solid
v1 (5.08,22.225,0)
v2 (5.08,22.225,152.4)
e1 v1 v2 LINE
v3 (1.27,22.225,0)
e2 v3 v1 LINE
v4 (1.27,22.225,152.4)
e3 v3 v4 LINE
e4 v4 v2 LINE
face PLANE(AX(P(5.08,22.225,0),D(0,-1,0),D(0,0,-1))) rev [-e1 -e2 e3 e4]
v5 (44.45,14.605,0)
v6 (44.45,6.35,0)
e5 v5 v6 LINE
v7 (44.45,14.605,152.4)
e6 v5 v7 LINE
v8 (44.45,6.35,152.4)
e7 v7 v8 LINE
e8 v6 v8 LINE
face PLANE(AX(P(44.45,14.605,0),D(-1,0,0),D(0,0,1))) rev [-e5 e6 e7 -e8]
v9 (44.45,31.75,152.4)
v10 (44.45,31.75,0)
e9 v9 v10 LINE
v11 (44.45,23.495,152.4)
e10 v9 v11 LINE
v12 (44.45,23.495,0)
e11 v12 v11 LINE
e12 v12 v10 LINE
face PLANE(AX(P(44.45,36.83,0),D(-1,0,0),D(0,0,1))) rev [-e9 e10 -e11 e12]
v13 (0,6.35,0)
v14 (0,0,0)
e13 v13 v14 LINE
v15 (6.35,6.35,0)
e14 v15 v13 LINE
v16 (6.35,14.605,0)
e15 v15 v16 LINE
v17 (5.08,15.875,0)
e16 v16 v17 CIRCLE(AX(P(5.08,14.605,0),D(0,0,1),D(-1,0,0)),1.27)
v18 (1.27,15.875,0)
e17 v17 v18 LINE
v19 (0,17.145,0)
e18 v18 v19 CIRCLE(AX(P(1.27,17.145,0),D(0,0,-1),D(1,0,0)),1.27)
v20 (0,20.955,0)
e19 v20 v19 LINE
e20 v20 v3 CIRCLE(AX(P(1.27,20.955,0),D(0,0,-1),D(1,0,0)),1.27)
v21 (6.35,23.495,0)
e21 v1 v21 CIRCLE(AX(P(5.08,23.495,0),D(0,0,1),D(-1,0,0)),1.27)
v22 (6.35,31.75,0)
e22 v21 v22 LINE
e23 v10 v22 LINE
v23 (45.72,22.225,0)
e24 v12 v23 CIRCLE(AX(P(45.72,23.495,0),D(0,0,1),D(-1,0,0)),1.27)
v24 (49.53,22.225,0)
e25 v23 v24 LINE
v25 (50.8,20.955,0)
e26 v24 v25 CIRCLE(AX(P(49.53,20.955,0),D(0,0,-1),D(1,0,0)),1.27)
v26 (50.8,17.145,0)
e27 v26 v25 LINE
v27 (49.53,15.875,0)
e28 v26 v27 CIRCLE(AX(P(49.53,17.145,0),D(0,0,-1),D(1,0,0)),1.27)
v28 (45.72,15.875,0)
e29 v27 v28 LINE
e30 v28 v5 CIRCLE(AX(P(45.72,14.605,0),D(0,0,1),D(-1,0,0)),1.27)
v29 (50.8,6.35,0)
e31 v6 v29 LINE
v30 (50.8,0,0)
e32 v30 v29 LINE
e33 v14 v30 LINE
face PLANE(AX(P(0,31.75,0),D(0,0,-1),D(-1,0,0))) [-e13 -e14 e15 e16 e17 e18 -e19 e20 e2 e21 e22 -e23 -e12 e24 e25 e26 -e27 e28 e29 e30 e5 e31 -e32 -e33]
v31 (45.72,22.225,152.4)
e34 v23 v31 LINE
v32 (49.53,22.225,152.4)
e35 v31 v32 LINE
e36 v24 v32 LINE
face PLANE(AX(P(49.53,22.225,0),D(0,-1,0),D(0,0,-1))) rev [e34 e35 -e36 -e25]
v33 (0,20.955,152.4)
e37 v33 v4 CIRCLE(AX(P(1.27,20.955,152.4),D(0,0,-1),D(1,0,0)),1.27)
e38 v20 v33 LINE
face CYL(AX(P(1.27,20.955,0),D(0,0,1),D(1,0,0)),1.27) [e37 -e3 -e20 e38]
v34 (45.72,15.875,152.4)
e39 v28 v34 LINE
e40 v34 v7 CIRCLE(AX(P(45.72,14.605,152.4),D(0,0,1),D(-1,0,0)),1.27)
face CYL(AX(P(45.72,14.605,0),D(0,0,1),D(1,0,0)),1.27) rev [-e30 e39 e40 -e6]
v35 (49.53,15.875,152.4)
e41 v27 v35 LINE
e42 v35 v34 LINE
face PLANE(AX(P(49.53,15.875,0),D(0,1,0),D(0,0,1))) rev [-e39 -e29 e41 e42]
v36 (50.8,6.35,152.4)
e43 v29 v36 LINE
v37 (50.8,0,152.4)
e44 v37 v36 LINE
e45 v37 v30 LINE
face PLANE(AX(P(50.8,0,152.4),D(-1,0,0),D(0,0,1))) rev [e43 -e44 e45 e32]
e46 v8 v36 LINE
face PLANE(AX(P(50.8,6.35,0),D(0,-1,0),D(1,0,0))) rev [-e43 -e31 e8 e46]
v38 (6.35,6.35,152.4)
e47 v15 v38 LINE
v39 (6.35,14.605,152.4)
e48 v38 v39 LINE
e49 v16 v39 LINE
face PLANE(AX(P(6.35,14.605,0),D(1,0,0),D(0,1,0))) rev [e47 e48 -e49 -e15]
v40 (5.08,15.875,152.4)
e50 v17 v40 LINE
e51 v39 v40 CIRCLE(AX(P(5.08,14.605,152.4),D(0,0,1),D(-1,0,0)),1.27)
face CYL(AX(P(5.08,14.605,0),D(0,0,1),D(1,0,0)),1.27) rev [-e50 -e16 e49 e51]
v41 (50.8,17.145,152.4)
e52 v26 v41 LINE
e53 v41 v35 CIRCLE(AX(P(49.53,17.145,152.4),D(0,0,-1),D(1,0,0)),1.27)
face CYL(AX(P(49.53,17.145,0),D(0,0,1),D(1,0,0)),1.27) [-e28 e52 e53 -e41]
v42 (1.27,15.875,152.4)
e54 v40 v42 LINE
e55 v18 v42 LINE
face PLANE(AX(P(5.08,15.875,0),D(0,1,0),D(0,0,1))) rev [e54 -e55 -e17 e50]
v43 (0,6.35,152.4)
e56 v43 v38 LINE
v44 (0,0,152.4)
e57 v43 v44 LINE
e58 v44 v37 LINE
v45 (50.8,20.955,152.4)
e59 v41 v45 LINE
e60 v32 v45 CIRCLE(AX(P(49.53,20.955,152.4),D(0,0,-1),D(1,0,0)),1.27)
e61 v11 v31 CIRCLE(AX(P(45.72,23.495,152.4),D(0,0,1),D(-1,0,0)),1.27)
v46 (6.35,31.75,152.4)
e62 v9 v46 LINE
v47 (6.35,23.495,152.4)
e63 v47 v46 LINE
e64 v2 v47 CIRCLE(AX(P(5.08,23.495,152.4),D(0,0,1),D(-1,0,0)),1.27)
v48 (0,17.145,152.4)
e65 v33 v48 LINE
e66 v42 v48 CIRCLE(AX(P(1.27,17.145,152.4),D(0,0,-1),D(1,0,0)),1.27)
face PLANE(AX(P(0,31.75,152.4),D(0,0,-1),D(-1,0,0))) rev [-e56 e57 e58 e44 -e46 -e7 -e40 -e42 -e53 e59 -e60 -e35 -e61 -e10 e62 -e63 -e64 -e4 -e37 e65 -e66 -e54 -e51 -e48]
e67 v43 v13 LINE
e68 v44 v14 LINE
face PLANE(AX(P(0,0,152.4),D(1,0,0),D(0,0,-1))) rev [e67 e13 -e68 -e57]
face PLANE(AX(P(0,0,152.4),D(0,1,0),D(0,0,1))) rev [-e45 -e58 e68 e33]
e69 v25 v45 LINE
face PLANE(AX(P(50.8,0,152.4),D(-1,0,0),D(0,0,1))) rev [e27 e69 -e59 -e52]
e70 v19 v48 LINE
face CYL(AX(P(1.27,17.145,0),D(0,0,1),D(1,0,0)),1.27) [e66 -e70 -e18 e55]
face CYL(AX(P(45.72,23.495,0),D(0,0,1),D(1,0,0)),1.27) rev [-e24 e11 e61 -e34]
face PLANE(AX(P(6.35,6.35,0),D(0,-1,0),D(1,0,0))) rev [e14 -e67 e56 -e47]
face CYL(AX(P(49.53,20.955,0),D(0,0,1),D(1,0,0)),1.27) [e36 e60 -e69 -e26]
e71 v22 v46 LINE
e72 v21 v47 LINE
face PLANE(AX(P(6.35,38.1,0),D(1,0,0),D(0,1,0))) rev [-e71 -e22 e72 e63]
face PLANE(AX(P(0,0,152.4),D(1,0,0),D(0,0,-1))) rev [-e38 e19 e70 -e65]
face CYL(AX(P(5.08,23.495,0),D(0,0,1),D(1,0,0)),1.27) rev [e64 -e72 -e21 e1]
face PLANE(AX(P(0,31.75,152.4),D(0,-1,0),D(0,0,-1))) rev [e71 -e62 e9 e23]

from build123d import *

# Parameters (mm, degrees)
SKETCH1_W          = 50.8
SKETCH1_H          = 31.75
BASE_EXTRUDE_DEPTH = 152.4
CUT_EXTRUDE1_DEPTH = 152.4


with BuildPart() as part:
    # Sketch1 → Base-Extrude (new body)
    with BuildSketch(Plane.XY):
        with Locations((25.4, 15.875)):
            Rectangle(SKETCH1_W, SKETCH1_H)
    extrude(amount=BASE_EXTRUDE_DEPTH)

    # Sketch2 → Cut-Extrude1 (cut)
    with BuildSketch(Plane.XY.offset(152.4)):
        with BuildLine():
            Line((50.8, 6.35), (44.45, 6.35))
            Line((44.45, 6.35), (44.45, 14.605))
            ThreePointArc((44.45, 14.605), (44.821974388, 15.503025612), (45.72, 15.875))
            Line((45.72, 15.875), (49.53, 15.875))
            ThreePointArc((49.53, 15.875), (50.428025612, 16.246974388), (50.8, 17.145))
            Line((50.8, 17.145), (50.8, 20.955))
            ThreePointArc((50.8, 20.955), (50.428025612, 21.853025612), (49.53, 22.225))
            Line((49.53, 22.225), (45.72, 22.225))
            ThreePointArc((45.72, 22.225), (44.821974388, 22.596974388), (44.45, 23.495))
            Line((44.45, 23.495), (44.45, 36.83))
            Line((44.45, 36.83), (54.61, 36.83))
            Line((54.61, 36.83), (54.61, 6.35))
            Line((54.61, 6.35), (50.8, 6.35))
        make_face()
        with BuildLine():
            Line((6.35, 38.1), (6.35, 23.495))
            ThreePointArc((6.35, 23.495), (5.978025612, 22.596974388), (5.08, 22.225))
            Line((5.08, 22.225), (1.27, 22.225))
            ThreePointArc((1.27, 22.225), (0.371974388, 21.853025612), (0, 20.955))
            Line((0, 20.955), (0, 17.145))
            ThreePointArc((0, 17.145), (0.371974388, 16.246974388), (1.27, 15.875))
            Line((1.27, 15.875), (5.08, 15.875))
            ThreePointArc((5.08, 15.875), (5.978025612, 15.503025612), (6.35, 14.605))
            Line((6.35, 14.605), (6.35, 6.35))
            Line((6.35, 6.35), (0, 6.35))
            Line((0, 6.35), (-3.81, 6.35))
            Line((-3.81, 6.35), (-3.81, 38.1))
            Line((-3.81, 38.1), (6.35, 38.1))
        make_face()
    extrude(amount=-CUT_EXTRUDE1_DEPTH, mode=Mode.SUBTRACT)


solid = part.part
